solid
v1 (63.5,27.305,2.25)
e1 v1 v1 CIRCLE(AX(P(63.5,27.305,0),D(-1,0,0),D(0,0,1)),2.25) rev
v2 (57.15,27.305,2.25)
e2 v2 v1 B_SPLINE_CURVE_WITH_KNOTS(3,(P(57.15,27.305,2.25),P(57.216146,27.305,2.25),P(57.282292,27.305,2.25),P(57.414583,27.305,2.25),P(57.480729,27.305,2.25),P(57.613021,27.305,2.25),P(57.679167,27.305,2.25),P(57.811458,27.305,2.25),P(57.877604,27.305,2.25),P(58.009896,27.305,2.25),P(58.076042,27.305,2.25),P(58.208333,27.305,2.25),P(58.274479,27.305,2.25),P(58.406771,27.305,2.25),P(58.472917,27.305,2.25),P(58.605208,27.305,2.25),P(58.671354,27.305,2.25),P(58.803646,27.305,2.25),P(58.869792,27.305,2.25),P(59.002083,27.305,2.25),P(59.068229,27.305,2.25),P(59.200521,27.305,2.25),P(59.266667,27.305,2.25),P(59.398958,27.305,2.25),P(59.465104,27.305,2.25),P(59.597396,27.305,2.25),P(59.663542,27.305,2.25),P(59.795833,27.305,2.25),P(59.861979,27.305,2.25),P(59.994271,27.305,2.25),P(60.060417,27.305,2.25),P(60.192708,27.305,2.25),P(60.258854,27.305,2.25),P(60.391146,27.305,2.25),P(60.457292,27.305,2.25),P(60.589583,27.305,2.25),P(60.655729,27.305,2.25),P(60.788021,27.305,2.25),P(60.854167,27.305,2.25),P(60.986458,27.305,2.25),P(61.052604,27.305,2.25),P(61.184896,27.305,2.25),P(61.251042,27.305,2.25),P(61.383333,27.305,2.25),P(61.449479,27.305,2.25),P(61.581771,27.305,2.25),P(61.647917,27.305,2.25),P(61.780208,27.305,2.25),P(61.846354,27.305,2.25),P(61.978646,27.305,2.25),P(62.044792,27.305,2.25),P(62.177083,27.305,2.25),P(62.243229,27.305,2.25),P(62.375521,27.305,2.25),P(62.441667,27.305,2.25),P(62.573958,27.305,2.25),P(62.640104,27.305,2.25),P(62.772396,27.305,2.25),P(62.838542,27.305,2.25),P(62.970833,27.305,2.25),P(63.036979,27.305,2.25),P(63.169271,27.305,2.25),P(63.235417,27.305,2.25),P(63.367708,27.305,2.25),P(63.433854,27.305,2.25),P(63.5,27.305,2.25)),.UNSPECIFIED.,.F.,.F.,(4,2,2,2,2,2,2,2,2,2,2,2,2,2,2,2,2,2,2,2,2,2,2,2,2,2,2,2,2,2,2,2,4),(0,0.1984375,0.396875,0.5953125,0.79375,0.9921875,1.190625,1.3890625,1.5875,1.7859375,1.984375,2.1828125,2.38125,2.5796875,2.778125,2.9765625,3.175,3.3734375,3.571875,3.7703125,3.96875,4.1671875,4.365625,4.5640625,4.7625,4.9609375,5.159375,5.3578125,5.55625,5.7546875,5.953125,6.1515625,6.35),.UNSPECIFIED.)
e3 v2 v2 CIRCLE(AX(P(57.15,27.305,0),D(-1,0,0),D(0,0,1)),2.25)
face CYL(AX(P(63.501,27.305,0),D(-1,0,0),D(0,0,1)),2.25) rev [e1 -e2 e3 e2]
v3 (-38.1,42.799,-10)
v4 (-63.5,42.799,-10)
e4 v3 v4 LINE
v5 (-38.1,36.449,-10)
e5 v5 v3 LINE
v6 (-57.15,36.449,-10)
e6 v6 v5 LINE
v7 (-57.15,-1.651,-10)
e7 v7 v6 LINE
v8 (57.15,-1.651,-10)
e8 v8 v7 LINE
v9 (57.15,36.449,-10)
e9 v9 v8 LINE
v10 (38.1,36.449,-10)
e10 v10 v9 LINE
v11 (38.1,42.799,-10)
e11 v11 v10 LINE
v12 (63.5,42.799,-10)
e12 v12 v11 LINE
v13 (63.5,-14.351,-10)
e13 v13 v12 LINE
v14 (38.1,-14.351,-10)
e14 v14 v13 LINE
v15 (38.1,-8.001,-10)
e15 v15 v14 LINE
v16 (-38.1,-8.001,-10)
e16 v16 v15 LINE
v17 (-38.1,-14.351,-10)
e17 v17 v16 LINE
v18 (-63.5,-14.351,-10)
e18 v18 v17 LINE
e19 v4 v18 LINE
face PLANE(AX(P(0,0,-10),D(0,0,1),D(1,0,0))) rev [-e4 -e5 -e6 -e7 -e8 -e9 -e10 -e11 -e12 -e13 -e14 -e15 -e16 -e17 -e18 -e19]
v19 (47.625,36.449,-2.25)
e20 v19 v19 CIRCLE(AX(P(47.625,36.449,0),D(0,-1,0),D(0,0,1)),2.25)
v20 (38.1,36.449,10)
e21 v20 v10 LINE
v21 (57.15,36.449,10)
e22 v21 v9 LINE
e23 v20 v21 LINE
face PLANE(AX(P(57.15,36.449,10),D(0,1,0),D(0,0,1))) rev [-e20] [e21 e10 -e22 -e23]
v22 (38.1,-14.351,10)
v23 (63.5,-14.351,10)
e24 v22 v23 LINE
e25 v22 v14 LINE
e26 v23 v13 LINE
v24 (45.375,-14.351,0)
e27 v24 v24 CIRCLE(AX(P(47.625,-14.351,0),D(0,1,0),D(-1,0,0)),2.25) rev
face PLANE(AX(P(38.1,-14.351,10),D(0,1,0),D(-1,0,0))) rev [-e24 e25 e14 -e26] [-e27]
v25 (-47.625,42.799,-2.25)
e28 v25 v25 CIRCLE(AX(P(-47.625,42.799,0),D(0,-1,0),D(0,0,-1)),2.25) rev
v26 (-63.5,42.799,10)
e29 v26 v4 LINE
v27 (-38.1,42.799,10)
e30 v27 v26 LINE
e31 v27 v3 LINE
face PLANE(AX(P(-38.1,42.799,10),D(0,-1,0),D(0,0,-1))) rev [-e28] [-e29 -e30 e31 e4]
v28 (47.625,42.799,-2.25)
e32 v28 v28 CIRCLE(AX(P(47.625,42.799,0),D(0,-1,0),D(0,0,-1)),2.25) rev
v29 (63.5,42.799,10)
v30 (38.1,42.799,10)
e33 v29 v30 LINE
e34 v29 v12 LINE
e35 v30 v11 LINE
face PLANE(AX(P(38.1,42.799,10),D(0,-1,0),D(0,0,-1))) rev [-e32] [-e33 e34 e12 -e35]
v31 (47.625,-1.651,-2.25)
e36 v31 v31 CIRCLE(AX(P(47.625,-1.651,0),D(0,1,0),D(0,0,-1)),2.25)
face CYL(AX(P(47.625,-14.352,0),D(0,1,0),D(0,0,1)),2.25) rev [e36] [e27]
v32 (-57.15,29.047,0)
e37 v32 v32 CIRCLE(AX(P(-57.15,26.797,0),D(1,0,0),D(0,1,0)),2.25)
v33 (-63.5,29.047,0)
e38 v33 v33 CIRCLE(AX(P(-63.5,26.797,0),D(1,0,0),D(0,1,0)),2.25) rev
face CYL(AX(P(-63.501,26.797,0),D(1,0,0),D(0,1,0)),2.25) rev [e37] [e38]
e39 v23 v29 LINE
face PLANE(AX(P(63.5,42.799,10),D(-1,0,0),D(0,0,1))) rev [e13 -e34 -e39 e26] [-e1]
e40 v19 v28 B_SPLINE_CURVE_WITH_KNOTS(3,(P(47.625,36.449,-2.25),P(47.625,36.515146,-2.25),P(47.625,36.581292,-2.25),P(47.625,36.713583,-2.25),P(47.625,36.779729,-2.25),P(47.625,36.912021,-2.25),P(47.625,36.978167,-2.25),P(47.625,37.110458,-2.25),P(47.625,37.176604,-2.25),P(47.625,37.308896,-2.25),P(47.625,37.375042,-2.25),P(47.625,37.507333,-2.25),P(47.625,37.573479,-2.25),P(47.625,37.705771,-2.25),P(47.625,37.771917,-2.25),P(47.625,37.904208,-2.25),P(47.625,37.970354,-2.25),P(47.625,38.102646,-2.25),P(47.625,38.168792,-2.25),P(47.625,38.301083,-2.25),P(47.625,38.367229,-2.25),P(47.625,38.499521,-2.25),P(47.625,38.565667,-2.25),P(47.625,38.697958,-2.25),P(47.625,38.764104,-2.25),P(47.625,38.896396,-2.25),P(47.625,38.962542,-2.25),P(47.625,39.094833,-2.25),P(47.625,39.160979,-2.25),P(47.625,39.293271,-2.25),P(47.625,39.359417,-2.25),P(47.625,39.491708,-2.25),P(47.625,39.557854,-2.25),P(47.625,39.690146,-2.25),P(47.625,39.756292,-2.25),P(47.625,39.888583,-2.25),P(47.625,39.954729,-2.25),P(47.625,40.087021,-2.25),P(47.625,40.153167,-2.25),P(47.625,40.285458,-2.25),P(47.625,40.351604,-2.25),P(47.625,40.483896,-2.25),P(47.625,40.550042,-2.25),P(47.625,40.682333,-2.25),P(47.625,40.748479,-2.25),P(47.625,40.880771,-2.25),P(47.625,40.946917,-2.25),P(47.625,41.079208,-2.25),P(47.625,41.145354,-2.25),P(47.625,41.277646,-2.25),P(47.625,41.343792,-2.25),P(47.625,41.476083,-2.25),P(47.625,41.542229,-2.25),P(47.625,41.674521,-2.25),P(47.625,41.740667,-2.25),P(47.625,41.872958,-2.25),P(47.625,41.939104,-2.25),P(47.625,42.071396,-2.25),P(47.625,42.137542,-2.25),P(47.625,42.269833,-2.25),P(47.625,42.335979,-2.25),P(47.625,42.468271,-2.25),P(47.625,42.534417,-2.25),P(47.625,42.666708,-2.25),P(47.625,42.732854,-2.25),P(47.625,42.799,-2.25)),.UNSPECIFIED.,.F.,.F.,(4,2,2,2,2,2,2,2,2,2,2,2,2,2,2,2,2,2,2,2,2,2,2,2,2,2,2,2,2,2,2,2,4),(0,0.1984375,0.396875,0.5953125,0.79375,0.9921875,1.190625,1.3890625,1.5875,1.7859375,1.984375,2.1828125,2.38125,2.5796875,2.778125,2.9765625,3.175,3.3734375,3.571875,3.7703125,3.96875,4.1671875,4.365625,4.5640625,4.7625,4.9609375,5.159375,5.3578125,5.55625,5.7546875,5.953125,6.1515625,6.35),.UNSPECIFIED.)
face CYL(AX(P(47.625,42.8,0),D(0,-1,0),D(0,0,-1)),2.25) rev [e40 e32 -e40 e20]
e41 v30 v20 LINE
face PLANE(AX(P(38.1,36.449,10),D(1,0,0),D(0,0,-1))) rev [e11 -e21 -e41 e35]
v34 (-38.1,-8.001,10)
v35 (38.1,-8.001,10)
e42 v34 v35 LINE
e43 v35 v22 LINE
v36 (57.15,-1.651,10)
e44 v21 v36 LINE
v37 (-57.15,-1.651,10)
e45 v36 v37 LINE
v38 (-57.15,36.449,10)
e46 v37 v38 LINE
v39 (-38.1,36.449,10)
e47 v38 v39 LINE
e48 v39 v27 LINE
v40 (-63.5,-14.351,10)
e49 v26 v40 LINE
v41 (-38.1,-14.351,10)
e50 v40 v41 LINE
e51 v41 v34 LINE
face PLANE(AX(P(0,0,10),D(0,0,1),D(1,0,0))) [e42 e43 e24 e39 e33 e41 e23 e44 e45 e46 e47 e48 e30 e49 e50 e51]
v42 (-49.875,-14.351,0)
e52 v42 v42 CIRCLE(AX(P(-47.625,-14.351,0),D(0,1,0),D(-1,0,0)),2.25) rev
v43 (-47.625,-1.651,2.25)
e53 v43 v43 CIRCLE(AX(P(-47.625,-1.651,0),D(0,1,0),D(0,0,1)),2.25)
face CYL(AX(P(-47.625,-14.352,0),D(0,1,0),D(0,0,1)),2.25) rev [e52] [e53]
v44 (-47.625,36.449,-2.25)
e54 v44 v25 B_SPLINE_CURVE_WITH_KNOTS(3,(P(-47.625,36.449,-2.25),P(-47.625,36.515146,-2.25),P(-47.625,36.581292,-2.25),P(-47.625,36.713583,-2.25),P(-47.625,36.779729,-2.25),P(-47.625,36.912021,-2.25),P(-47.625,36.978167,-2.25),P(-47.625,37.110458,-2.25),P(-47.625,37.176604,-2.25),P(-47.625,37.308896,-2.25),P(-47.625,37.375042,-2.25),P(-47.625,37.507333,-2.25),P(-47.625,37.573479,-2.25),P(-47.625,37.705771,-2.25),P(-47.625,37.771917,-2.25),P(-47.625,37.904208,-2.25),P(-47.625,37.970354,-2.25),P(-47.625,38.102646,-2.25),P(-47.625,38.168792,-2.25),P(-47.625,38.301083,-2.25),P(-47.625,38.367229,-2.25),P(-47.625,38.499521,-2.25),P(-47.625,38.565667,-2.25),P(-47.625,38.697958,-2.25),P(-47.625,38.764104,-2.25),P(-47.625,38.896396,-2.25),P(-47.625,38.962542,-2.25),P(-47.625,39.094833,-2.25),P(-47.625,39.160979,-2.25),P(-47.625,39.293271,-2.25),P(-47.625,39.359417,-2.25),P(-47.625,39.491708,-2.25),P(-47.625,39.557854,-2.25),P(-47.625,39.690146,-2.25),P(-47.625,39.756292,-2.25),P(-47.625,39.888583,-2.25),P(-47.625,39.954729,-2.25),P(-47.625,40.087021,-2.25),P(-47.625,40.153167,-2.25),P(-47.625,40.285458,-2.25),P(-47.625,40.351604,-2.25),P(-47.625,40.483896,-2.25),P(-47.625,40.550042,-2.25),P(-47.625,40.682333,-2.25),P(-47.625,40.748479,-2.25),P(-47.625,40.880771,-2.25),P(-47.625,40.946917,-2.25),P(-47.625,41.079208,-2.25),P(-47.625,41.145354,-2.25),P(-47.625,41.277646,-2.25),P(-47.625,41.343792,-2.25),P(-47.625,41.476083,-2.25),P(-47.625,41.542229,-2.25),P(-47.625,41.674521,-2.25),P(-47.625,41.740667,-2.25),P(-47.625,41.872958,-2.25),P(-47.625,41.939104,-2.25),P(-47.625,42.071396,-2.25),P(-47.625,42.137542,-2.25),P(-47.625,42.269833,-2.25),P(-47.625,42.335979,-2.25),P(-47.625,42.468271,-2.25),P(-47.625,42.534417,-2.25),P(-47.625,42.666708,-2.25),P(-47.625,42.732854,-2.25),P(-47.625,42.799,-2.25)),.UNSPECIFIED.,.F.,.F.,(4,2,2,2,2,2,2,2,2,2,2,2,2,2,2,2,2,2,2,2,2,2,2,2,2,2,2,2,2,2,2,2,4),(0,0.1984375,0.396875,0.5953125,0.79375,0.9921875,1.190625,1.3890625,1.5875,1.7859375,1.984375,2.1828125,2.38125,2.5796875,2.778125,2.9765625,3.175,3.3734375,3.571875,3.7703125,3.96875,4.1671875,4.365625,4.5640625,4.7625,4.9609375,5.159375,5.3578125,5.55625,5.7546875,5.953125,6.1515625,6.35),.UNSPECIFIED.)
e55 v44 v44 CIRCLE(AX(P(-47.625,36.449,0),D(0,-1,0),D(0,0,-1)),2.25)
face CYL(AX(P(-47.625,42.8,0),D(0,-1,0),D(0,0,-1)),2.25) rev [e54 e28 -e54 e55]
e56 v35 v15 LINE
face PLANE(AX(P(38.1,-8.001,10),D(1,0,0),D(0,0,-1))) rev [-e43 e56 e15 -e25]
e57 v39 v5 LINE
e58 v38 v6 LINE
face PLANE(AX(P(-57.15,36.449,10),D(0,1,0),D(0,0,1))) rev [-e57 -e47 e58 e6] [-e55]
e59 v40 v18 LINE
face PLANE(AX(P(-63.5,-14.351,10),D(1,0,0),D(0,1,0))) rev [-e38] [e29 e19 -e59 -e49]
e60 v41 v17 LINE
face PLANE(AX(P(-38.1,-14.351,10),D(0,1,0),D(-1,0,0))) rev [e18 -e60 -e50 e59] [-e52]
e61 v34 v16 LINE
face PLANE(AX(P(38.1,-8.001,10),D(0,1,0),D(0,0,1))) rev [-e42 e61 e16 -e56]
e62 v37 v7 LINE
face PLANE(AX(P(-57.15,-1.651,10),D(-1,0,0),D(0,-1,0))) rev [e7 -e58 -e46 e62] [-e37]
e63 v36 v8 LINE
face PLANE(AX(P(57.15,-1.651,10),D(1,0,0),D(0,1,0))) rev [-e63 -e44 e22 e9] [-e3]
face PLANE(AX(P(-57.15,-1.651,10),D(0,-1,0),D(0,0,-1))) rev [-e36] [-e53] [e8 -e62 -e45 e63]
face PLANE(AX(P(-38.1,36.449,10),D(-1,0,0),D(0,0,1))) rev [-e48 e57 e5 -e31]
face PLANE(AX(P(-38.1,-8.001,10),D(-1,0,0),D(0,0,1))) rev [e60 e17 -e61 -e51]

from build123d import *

# Parameters (mm, degrees)
BOSS_EXTRUDE1_DEPTH = 10
CUT_EXTRUDE1_REACH  = 80.154
SKETCH2_R           = 2.25
CUT_EXTRUDE2_REACH  = 130.406
SKETCH3_R           = 2.25
CUT_EXTRUDE3_REACH  = 83.932
SKETCH4_R           = 2.25
CUT_EXTRUDE4_REACH  = 130.406
SKETCH5_R           = 2.25


with BuildPart() as part:
    # Sketch1 → Boss-Extrude1 (new, symmetric)
    with BuildSketch(Plane.XY):
        Polygon((-57.15, -1.651), (-57.15, 36.449), (-38.1, 36.449), (-38.1, 42.799), (-63.5, 42.799), (-63.5, -3.175), (-63.5, -14.351), (-38.1, -14.351), (-38.1, -8.001), (38.1, -8.001), (38.1, -14.351), (63.5, -14.351), (63.5, -3.175), (63.5, 42.799), (38.1, 42.799), (38.1, 36.449), (57.15, 36.449), (57.15, -1.651), align=None)
    extrude(amount=BOSS_EXTRUDE1_DEPTH, both=True)

    # Sketch2 → Cut-Extrude1 (cut, up to next)
    with BuildSketch(Plane(origin=(0, -1.651, 0), x_dir=(1, 0, 0), z_dir=(0, 1, 0)), mode=Mode.PRIVATE) as cut_extrude1_sk1:
        with Locations(Location((-47.625, 0, 0), (0, 0, 270))):
            Circle(SKETCH2_R)
    cut_extrude1_tool1 = extrude(cut_extrude1_sk1.sketch, amount=-CUT_EXTRUDE1_REACH, mode=Mode.PRIVATE) & part.part
    # Sketch2 → Cut-Extrude1 (cut, up to next)
    with BuildSketch(Plane(origin=(0, -1.651, 0), x_dir=(1, 0, 0), z_dir=(0, 1, 0)), mode=Mode.PRIVATE) as cut_extrude1_sk2:
        with Locations(Location((47.625, 0, 0), (0, 0, 180))):
            Circle(SKETCH2_R)
    cut_extrude1_tool2 = extrude(cut_extrude1_sk2.sketch, amount=-CUT_EXTRUDE1_REACH, mode=Mode.PRIVATE) & part.part
    add(cut_extrude1_tool1.solids().sort_by_distance((-47.625, -1.651, 0))[0], mode=Mode.SUBTRACT)
    add(cut_extrude1_tool2.solids().sort_by_distance((47.625, -1.651, 0))[0], mode=Mode.SUBTRACT)

    # Sketch3 → Cut-Extrude2 (cut, up to next)
    with BuildSketch(Plane(origin=(-57.15, 0, 0), x_dir=(0, 0, -1), z_dir=(1, 0, 0)), mode=Mode.PRIVATE) as cut_extrude2_sk1:
        with Locations(Location((0, 26.797, 0), (0, 0, 90))):
            Circle(SKETCH3_R)
    cut_extrude2_tool1 = extrude(cut_extrude2_sk1.sketch, amount=-CUT_EXTRUDE2_REACH, mode=Mode.PRIVATE) & part.part
    add(cut_extrude2_tool1.solids().sort_by_distance((-57.15, 26.797, 0))[0], mode=Mode.SUBTRACT)

    # Sketch4 → Cut-Extrude3 (cut, up to next)
    with BuildSketch(Plane.XZ.offset(-36.449), mode=Mode.PRIVATE) as cut_extrude3_sk1:
        with Locations(Location((-47.625, 0, 0), (0, 0, 90))):
            Circle(SKETCH4_R)
    cut_extrude3_tool1 = extrude(cut_extrude3_sk1.sketch, amount=-CUT_EXTRUDE3_REACH, mode=Mode.PRIVATE) & part.part
    # Sketch4 → Cut-Extrude3 (cut, up to next)
    with BuildSketch(Plane.XZ.offset(-36.449), mode=Mode.PRIVATE) as cut_extrude3_sk2:
        with Locations(Location((47.625, 0, 0), (0, 0, 180))):
            Circle(SKETCH4_R)
    cut_extrude3_tool2 = extrude(cut_extrude3_sk2.sketch, amount=-CUT_EXTRUDE3_REACH, mode=Mode.PRIVATE) & part.part
    add(cut_extrude3_tool1.solids().sort_by_distance((-47.625, 36.449, 0))[0], mode=Mode.SUBTRACT)
    add(cut_extrude3_tool2.solids().sort_by_distance((47.625, 36.449, 0))[0], mode=Mode.SUBTRACT)

    # Sketch5 → Cut-Extrude4 (cut, up to next)
    with BuildSketch(Plane.ZY.offset(-57.15), mode=Mode.PRIVATE) as cut_extrude4_sk1:
        with Locations((0, 27.305)):
            Circle(SKETCH5_R)
    cut_extrude4_tool1 = extrude(cut_extrude4_sk1.sketch, amount=-CUT_EXTRUDE4_REACH, mode=Mode.PRIVATE) & part.part
    add(cut_extrude4_tool1.solids().sort_by_distance((57.15, 27.305, 0))[0], mode=Mode.SUBTRACT)


solid = part.part
